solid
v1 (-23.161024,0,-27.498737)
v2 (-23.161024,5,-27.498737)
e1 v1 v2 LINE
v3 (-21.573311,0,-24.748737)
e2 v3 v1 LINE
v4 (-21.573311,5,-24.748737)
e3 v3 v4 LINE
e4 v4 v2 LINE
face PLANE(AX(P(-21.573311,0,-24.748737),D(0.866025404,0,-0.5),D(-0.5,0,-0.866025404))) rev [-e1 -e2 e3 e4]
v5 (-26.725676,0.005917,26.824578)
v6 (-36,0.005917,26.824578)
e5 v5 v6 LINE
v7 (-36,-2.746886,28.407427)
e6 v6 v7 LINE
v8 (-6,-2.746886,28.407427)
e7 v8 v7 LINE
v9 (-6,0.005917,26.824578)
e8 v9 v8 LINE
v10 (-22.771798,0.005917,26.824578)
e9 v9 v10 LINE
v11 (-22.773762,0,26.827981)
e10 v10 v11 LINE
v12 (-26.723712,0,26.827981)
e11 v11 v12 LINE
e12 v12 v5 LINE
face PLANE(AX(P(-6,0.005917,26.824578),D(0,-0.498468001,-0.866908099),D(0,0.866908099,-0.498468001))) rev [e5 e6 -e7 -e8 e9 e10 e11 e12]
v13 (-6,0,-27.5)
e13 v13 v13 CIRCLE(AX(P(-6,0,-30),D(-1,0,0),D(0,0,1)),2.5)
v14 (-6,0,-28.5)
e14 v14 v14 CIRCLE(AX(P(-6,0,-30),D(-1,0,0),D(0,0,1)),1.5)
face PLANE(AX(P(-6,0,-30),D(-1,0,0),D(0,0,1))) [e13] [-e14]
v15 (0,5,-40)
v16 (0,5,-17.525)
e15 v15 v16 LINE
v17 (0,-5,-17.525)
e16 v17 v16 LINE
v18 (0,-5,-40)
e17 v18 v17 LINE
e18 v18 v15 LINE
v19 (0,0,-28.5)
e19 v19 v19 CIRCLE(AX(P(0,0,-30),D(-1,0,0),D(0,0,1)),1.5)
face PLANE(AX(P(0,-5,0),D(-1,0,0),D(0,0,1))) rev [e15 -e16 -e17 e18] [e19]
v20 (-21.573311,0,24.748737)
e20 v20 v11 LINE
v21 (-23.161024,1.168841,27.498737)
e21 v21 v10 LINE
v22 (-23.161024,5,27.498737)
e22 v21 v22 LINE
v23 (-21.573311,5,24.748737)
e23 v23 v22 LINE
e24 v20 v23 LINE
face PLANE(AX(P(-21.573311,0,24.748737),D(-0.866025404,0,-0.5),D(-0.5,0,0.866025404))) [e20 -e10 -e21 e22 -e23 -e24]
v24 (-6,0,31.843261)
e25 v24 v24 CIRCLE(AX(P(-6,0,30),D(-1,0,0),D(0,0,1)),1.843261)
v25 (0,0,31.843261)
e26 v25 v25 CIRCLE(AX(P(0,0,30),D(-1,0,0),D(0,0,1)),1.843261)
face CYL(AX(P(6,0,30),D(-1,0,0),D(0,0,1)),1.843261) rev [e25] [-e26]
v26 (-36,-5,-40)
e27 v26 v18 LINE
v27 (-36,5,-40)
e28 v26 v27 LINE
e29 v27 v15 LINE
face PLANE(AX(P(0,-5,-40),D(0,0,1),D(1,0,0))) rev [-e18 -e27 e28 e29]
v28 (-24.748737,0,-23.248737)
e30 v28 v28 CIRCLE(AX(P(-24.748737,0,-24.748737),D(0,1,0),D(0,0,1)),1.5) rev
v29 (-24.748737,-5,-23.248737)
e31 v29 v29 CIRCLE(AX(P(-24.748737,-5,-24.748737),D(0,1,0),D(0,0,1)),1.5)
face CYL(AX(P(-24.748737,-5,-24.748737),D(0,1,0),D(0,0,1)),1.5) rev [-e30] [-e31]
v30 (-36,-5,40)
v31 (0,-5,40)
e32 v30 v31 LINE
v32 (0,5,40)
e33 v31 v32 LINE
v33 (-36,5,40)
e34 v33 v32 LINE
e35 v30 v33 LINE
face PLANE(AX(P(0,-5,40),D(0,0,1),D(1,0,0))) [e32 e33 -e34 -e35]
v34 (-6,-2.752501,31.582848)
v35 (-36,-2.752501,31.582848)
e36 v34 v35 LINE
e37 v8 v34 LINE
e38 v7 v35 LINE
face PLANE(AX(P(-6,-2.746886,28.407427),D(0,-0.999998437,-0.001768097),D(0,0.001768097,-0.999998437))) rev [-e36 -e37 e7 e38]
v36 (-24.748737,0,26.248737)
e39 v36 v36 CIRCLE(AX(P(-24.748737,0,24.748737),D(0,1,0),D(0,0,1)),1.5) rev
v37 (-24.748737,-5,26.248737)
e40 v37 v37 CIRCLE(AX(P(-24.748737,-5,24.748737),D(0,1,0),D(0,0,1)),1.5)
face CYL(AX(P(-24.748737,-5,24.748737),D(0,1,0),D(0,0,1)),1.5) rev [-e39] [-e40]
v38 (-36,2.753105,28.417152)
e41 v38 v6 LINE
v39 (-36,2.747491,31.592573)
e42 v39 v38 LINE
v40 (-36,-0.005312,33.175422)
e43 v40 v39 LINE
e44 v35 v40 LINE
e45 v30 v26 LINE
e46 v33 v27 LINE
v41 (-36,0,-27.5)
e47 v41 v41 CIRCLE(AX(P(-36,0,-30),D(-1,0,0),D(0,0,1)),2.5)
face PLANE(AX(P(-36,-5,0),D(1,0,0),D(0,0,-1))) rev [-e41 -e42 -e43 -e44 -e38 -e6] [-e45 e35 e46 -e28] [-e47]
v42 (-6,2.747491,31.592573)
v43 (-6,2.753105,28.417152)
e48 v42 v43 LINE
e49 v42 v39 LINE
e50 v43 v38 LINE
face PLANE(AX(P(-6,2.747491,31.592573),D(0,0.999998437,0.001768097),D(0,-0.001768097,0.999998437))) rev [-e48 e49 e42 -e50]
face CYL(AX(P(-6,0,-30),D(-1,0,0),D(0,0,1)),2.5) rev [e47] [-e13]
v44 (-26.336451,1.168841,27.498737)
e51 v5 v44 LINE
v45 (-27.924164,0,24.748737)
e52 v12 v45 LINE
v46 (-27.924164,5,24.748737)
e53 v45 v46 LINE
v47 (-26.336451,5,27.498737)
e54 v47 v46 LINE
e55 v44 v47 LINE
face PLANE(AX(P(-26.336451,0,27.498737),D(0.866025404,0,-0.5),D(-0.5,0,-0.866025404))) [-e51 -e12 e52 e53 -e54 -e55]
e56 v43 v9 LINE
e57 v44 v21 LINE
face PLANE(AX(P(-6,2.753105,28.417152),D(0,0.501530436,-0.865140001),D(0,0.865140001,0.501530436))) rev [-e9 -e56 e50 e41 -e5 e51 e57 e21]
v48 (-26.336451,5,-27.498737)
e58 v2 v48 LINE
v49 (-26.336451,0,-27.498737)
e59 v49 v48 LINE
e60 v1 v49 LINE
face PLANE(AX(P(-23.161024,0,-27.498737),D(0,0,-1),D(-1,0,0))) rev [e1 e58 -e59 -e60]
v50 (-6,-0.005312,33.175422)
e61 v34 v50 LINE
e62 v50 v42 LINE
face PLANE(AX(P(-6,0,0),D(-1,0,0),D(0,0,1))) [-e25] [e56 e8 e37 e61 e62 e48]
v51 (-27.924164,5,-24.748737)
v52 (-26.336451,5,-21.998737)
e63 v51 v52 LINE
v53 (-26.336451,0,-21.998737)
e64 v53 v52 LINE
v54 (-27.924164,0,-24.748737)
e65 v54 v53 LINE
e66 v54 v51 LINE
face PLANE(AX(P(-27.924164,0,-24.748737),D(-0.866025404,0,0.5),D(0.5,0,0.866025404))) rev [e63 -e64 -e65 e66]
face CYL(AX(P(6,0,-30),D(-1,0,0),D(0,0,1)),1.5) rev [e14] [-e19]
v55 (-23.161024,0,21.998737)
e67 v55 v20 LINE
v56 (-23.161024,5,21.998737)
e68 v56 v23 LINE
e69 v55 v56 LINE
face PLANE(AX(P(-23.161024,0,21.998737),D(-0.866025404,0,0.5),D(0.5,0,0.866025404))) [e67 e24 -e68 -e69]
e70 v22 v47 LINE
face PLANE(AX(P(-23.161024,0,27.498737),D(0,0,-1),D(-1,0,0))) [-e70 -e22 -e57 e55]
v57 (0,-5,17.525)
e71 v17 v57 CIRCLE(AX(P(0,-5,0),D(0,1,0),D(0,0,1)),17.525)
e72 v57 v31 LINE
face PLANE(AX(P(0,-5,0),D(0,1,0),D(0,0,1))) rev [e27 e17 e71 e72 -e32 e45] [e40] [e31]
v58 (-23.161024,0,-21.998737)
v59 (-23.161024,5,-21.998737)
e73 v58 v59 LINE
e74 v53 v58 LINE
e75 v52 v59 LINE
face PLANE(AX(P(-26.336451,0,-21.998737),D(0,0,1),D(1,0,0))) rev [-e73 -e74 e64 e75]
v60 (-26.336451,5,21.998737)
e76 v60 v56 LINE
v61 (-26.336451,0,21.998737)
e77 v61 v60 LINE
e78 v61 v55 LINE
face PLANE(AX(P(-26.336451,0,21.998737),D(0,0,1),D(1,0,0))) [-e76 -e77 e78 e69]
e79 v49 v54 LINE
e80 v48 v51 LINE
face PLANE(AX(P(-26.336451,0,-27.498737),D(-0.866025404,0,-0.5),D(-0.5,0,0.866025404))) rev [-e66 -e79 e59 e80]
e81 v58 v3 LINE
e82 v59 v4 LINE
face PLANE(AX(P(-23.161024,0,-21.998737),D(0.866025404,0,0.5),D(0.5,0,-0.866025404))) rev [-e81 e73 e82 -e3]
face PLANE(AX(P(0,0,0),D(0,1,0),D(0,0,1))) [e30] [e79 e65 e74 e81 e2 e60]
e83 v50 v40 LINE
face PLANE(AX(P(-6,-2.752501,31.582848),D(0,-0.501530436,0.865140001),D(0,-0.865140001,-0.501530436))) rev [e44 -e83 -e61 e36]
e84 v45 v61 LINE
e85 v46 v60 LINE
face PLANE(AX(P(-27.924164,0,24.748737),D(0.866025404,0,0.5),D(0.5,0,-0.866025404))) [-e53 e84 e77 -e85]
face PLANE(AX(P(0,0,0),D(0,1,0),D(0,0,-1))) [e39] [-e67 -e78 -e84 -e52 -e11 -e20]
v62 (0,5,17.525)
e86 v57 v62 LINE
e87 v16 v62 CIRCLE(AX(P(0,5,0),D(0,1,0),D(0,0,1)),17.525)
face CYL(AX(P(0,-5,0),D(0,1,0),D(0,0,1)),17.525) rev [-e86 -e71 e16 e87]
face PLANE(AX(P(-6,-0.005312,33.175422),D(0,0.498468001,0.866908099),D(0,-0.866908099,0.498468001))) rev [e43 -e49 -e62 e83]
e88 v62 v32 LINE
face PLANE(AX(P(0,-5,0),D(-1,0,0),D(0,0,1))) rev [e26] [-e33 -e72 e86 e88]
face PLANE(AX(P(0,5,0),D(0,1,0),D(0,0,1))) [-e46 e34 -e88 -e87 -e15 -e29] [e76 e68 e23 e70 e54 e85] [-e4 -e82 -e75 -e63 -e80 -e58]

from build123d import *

# Parameters (mm, degrees)
BOSS_EXTRUDE1_DEPTH      = 5
BOSS_EXTRUDE1_DEPTH_BACK = 5
SKETCH1_R                = 1.5
CUT_EXTRUDE1_DEPTH       = 5
SKETCH5_R                = 2.5
CUT_EXTRUDE3_DEPTH       = 30
SKETCH6_R                = 1.5
SKETCH6_R_2              = 1.843261337
CUT_EXTRUDE4_DEPTH       = 42


with BuildPart() as part:
    # Sketch1 → Boss-Extrude1 (new, two sides: drawn at the far end of the back side and taken through both)
    with BuildSketch(Plane(origin=(0, 0, 0), x_dir=(1, 0, 0), z_dir=(0, 1, 0)).offset(-BOSS_EXTRUDE1_DEPTH_BACK)):
        with BuildLine():
            Line((0, 17.525), (0, 40))
            Line((0, 40), (-36, 40))
            Line((-36, 40), (-36, -40))
            Line((-36, -40), (0, -40))
            Line((0, -40), (0, -17.525))
            ThreePointArc((0, -17.525), (-17.525, 0), (0, 17.525))
        make_face()
        with Locations((-24.748737342, 24.748737342)):
            Circle(SKETCH1_R, mode=Mode.SUBTRACT)
        with Locations((-24.748737342, -24.748737342)):
            Circle(SKETCH1_R, mode=Mode.SUBTRACT)
    extrude(amount=BOSS_EXTRUDE1_DEPTH + BOSS_EXTRUDE1_DEPTH_BACK)

    # Sketch2 → Cut-Extrude1 (cut)
    with BuildSketch(Plane(origin=(0, 5, 0), x_dir=(1, 0, 0), z_dir=(0, 1, 0))):
        Polygon((-23.161024101, 27.498737342), (-26.336450582, 27.498737342), (-27.924163822, 24.748737342), (-26.336450582, 21.998737342), (-23.161024101, 21.998737342), (-21.573310861, 24.748737342), align=None)
    cut_extrude1 = extrude(amount=-CUT_EXTRUDE1_DEPTH, mode=Mode.SUBTRACT)

    # Mirror1: Cut-Extrude1 across plane
    add(cut_extrude1.mirror(Plane.XY), mode=Mode.SUBTRACT)

    # Sketch5 → Cut-Extrude3 (cut)
    with BuildSketch(Plane.ZY.offset(36)):
        with Locations((-30, 0)):
            Circle(SKETCH5_R)
        Polygon((31.592573026, 2.747490689), (28.417151509, 2.753105152), (26.824578483, 0.005916682), (28.407426974, -2.746886251), (31.582848491, -2.752500714), (33.175421517, -0.005312244), align=None)
    extrude(amount=-CUT_EXTRUDE3_DEPTH, mode=Mode.SUBTRACT)

    # Sketch6 → Cut-Extrude4 (cut)
    with BuildSketch(Plane.ZY.offset(36)):
        with Locations((-30, 0)):
            Circle(SKETCH6_R)
        with Locations((30, 0)):
            Circle(SKETCH6_R_2)
    extrude(amount=-CUT_EXTRUDE4_DEPTH, mode=Mode.SUBTRACT)


solid = part.part
